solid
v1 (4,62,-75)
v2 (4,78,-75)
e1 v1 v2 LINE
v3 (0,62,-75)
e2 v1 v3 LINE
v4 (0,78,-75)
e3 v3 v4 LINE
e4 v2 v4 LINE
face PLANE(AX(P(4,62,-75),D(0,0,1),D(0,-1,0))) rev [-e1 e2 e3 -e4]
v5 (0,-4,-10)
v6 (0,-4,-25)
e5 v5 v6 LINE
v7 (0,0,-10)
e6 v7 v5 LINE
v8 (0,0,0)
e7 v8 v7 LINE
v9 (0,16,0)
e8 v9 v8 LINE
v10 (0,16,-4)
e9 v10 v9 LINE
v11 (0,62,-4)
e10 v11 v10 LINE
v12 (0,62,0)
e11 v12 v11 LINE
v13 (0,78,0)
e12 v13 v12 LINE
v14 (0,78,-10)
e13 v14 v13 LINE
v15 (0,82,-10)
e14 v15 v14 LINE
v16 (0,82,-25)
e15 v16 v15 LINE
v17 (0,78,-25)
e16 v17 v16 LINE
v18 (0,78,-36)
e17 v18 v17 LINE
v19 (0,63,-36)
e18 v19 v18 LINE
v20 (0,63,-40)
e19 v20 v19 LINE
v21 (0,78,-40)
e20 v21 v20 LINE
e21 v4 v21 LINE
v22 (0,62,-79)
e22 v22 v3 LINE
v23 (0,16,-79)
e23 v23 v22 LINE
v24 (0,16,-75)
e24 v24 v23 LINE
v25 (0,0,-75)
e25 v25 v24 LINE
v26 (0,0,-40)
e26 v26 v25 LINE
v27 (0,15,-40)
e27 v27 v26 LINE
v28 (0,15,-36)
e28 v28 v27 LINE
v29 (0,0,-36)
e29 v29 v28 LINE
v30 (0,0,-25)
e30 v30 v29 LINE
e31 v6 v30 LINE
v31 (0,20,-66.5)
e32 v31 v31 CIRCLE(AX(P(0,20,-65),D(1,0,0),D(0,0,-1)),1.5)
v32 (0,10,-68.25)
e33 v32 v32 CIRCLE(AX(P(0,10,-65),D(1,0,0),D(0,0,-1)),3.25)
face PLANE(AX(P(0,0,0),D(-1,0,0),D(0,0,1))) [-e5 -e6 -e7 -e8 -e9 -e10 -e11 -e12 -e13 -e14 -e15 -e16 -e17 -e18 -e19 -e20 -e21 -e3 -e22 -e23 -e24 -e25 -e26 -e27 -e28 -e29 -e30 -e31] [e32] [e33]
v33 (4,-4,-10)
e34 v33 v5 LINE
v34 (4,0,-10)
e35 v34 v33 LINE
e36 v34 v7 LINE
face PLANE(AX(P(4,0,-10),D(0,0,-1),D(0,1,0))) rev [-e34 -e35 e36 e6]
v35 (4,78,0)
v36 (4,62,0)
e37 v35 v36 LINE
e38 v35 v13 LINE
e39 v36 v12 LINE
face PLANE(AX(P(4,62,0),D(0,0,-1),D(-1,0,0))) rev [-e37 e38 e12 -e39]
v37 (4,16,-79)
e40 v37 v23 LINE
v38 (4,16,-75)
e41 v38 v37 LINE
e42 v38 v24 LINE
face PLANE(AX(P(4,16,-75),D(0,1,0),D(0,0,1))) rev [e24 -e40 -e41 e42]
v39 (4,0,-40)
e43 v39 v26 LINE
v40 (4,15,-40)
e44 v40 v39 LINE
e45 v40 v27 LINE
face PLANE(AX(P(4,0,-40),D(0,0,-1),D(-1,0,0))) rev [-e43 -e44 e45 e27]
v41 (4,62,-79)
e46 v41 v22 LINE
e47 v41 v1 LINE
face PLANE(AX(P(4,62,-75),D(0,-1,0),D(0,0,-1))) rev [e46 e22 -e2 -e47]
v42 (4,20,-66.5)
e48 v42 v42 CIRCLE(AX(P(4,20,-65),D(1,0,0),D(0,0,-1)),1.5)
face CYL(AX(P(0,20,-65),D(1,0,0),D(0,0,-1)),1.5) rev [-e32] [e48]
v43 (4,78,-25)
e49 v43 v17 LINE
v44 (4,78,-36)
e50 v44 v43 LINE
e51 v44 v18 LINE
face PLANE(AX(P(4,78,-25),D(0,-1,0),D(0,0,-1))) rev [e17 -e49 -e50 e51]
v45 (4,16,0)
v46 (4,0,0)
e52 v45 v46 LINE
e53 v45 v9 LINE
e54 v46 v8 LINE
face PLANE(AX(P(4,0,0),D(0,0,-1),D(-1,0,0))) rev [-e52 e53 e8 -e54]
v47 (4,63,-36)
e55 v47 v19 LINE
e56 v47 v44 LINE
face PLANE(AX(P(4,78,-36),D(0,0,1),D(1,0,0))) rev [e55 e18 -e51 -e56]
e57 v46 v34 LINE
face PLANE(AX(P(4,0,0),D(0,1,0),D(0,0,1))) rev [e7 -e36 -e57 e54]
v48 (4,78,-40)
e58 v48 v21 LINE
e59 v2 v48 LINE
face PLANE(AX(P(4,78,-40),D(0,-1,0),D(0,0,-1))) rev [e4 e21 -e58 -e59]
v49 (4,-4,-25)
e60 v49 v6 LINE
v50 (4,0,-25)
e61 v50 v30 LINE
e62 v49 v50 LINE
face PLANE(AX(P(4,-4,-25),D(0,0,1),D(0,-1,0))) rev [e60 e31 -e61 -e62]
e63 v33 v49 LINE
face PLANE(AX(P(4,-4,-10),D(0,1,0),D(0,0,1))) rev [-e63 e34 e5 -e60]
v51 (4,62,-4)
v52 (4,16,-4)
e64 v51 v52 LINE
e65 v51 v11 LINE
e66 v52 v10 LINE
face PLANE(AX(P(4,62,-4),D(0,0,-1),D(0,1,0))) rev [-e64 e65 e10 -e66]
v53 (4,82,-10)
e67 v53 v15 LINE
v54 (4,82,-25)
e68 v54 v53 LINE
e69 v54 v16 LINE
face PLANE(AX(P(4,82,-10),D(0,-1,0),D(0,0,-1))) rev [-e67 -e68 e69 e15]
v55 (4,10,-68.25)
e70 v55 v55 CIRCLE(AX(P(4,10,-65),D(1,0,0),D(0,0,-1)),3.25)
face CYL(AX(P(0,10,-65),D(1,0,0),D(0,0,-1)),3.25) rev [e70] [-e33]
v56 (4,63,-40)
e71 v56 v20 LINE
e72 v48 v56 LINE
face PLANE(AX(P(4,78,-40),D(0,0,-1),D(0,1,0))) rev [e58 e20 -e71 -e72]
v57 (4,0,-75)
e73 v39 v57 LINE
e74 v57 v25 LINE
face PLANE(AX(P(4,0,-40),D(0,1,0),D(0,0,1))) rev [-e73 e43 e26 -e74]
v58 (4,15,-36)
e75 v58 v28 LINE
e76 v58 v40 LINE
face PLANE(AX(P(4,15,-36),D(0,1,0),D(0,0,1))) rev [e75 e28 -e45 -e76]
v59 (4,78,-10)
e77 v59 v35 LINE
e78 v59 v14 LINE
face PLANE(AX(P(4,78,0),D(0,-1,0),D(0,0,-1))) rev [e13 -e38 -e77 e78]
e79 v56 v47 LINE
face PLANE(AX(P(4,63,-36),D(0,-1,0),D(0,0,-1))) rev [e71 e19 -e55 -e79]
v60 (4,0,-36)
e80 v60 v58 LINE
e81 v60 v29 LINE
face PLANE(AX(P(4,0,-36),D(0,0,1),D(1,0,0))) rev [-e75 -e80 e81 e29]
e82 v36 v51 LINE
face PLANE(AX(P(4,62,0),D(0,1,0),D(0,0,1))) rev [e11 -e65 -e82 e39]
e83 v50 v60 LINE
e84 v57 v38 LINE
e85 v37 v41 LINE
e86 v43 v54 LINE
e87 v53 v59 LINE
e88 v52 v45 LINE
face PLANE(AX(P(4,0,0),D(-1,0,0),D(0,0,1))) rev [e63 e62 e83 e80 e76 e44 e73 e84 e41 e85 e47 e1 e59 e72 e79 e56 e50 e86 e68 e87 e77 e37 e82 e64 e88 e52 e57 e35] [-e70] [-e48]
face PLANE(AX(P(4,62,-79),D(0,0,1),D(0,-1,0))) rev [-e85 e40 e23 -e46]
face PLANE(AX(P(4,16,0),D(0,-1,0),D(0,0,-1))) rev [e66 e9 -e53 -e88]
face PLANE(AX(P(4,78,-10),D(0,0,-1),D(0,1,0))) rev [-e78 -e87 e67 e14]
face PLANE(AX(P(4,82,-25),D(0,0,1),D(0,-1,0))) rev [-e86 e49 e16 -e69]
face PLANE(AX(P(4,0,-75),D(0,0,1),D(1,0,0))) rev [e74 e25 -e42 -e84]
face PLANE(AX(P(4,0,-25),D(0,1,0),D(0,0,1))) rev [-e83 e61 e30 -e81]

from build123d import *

# Parameters (mm, degrees)
BOSS_EXTRUDE1_DEPTH = 4
SKETCH2_R           = 3.25
SKETCH2_R_2         = 1.5
CUT_EXTRUDE1_DEPTH  = 114.934191532


with BuildPart() as part:
    # Sketch1 → Boss-Extrude1 (new body)
    with BuildSketch(Plane(origin=(0, 0, 0), x_dir=(0, 0, -1), z_dir=(1, 0, 0))):
        Polygon((10, 0), (10, -4), (25, -4), (25, 0), (36, 0), (36, 15), (40, 15), (40, 0), (75, 0), (75, 16), (79, 16), (79, 62), (75, 62), (75, 78), (40, 78), (40, 63), (36, 63), (36, 78), (25, 78), (25, 82), (10, 82), (10, 78), (0, 78), (0, 62), (4, 62), (4, 16), (0, 16), (0, 0), align=None)
    extrude(amount=BOSS_EXTRUDE1_DEPTH)

    # Sketch2 → Cut-Extrude1 (cut, through all)
    with BuildSketch(Plane(origin=(4, 0, 0), x_dir=(0, 0, -1), z_dir=(1, 0, 0))):
        with Locations((65, 10)):
            Circle(SKETCH2_R)
        with Locations((65, 20)):
            Circle(SKETCH2_R_2)
    extrude(amount=-CUT_EXTRUDE1_DEPTH, mode=Mode.SUBTRACT)


solid = part.part
